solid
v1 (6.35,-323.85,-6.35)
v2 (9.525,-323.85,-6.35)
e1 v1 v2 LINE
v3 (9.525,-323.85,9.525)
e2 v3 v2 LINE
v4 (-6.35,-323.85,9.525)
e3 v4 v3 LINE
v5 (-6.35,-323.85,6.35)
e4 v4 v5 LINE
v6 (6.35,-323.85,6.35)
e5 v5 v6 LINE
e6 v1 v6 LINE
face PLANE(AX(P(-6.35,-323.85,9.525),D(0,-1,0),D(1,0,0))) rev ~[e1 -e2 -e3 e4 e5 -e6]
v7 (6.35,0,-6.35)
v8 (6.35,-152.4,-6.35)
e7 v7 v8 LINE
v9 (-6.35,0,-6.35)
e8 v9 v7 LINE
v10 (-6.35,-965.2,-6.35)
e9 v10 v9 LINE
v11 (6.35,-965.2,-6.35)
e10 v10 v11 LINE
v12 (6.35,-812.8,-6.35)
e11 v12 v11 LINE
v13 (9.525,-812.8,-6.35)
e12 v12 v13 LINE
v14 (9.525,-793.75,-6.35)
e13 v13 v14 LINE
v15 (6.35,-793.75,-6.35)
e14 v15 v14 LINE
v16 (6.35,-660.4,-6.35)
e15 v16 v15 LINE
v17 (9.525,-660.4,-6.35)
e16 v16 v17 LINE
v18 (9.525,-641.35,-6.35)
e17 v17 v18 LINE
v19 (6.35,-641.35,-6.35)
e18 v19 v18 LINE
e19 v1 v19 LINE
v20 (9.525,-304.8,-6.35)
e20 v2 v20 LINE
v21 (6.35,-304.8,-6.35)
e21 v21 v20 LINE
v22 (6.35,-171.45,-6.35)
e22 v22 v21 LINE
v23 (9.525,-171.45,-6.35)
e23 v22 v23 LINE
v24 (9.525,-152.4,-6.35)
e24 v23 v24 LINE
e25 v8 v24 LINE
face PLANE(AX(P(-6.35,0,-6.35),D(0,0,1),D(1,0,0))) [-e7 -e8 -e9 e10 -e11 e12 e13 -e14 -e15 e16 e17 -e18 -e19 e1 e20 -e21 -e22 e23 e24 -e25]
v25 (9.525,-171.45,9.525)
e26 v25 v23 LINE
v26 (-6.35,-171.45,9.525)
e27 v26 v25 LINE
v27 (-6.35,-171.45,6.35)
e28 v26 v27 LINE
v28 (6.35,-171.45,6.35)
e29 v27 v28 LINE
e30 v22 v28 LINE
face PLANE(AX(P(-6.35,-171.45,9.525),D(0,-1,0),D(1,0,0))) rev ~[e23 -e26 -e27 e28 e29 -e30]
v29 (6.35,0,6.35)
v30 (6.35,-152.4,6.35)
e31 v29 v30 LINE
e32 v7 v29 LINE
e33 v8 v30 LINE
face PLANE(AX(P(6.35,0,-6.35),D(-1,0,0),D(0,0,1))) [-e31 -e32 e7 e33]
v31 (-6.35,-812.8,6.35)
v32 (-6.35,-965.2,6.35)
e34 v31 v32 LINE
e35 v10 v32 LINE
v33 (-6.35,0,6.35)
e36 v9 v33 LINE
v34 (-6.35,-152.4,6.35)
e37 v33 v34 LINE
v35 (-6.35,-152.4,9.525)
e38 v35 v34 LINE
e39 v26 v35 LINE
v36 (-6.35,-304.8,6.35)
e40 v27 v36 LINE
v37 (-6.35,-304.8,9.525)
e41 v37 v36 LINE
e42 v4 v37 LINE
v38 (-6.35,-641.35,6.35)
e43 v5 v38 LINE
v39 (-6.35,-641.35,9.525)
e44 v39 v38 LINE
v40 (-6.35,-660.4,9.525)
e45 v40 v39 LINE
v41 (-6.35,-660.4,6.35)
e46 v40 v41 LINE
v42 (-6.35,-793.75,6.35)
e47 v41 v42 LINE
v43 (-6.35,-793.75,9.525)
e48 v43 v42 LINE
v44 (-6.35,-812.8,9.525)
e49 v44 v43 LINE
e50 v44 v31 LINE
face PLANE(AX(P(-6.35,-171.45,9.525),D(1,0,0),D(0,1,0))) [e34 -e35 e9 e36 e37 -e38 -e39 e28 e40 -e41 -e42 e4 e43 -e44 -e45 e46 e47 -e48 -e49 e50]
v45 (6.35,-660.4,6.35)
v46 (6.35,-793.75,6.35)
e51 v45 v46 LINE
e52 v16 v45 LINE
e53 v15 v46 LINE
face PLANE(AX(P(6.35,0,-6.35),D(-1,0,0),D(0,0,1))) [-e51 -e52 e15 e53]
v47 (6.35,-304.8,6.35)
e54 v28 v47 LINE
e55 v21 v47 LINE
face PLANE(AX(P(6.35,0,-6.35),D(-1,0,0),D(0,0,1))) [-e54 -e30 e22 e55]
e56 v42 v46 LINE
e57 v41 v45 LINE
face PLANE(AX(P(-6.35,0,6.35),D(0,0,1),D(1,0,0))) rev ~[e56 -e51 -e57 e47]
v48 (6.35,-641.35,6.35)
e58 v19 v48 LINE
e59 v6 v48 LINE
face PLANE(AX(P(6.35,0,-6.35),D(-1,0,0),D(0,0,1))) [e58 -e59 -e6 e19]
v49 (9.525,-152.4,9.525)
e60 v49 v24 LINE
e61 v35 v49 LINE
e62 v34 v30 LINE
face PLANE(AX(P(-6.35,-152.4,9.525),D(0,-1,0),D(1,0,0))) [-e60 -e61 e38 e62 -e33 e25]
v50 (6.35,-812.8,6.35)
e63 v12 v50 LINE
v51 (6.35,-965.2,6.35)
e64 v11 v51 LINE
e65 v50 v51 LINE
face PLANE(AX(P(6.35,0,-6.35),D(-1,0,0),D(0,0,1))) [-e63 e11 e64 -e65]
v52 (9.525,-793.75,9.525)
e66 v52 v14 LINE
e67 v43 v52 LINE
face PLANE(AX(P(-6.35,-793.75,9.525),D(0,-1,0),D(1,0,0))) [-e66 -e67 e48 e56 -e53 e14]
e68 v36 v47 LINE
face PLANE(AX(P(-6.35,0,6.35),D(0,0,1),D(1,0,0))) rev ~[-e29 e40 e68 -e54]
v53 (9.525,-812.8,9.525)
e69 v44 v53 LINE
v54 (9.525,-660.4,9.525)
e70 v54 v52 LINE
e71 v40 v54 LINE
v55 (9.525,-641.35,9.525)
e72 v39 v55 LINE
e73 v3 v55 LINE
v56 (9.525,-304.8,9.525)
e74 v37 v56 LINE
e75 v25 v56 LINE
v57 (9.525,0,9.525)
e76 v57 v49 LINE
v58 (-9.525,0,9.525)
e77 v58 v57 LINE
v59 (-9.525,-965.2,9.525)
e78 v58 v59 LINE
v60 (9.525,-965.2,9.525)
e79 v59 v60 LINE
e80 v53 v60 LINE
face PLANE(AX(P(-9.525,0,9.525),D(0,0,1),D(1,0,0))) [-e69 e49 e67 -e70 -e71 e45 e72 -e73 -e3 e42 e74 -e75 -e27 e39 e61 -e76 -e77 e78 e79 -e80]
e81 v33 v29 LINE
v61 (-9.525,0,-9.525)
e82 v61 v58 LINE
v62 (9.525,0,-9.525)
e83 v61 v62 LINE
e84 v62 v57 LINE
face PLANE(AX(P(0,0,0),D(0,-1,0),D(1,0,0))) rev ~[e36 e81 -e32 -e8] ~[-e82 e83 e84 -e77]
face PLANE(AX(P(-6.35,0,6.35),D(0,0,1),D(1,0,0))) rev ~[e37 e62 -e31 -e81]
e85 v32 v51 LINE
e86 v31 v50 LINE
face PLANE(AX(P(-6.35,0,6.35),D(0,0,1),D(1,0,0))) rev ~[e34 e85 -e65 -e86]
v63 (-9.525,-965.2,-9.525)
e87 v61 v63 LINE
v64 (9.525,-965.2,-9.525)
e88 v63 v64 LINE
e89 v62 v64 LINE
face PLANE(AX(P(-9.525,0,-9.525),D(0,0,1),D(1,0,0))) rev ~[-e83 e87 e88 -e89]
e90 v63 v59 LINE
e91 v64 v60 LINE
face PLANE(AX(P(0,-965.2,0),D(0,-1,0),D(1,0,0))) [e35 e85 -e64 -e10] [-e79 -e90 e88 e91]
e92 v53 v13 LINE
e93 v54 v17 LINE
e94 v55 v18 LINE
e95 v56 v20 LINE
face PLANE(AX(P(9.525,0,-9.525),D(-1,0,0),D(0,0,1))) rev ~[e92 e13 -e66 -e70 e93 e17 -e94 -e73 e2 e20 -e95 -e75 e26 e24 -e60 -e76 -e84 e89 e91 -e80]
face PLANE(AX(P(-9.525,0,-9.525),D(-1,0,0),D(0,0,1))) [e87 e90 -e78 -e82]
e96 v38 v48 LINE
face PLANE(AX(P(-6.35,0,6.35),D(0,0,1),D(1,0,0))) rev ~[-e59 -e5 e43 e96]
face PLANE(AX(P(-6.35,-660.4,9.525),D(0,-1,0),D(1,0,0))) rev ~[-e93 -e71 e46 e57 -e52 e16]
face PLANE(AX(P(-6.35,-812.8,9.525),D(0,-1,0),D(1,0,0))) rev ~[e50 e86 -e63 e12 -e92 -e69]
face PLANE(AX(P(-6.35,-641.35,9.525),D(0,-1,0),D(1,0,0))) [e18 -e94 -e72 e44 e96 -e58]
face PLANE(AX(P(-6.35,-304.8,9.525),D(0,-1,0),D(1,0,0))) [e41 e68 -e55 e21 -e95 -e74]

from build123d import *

# Parameters (mm, degrees)
F0_W     = 19.05
F0_H     = 19.05
F0_W_2   = 12.7
F0_H_2   = 12.7
F1_DEPTH = 965.2
F2_W     = 15.875
F2_H     = 19.05
F3_DEPTH = 15.875


with BuildPart() as f1:
    # F0 (on Front) → F1 (new body)
    with BuildSketch(Plane.XZ):
        Rectangle(F0_W, F0_H)
        Rectangle(F0_W_2, F0_H_2, mode=Mode.SUBTRACT)
    extrude(amount=F1_DEPTH)

    # F2 (on face) → F3 (cut)
    with BuildSketch(Plane.XY.offset(9.525)):
        with Locations((1.5875, -803.275)):
            Rectangle(F2_W, F2_H)
        with Locations((1.5875, -650.875)):
            Rectangle(F2_W, F2_H)
        with Locations((1.5875, -314.325)):
            Rectangle(F2_W, F2_H)
        with Locations((1.5875, -161.925)):
            Rectangle(F2_W, F2_H)
    extrude(amount=-F3_DEPTH, mode=Mode.SUBTRACT)


solid = f1.part
